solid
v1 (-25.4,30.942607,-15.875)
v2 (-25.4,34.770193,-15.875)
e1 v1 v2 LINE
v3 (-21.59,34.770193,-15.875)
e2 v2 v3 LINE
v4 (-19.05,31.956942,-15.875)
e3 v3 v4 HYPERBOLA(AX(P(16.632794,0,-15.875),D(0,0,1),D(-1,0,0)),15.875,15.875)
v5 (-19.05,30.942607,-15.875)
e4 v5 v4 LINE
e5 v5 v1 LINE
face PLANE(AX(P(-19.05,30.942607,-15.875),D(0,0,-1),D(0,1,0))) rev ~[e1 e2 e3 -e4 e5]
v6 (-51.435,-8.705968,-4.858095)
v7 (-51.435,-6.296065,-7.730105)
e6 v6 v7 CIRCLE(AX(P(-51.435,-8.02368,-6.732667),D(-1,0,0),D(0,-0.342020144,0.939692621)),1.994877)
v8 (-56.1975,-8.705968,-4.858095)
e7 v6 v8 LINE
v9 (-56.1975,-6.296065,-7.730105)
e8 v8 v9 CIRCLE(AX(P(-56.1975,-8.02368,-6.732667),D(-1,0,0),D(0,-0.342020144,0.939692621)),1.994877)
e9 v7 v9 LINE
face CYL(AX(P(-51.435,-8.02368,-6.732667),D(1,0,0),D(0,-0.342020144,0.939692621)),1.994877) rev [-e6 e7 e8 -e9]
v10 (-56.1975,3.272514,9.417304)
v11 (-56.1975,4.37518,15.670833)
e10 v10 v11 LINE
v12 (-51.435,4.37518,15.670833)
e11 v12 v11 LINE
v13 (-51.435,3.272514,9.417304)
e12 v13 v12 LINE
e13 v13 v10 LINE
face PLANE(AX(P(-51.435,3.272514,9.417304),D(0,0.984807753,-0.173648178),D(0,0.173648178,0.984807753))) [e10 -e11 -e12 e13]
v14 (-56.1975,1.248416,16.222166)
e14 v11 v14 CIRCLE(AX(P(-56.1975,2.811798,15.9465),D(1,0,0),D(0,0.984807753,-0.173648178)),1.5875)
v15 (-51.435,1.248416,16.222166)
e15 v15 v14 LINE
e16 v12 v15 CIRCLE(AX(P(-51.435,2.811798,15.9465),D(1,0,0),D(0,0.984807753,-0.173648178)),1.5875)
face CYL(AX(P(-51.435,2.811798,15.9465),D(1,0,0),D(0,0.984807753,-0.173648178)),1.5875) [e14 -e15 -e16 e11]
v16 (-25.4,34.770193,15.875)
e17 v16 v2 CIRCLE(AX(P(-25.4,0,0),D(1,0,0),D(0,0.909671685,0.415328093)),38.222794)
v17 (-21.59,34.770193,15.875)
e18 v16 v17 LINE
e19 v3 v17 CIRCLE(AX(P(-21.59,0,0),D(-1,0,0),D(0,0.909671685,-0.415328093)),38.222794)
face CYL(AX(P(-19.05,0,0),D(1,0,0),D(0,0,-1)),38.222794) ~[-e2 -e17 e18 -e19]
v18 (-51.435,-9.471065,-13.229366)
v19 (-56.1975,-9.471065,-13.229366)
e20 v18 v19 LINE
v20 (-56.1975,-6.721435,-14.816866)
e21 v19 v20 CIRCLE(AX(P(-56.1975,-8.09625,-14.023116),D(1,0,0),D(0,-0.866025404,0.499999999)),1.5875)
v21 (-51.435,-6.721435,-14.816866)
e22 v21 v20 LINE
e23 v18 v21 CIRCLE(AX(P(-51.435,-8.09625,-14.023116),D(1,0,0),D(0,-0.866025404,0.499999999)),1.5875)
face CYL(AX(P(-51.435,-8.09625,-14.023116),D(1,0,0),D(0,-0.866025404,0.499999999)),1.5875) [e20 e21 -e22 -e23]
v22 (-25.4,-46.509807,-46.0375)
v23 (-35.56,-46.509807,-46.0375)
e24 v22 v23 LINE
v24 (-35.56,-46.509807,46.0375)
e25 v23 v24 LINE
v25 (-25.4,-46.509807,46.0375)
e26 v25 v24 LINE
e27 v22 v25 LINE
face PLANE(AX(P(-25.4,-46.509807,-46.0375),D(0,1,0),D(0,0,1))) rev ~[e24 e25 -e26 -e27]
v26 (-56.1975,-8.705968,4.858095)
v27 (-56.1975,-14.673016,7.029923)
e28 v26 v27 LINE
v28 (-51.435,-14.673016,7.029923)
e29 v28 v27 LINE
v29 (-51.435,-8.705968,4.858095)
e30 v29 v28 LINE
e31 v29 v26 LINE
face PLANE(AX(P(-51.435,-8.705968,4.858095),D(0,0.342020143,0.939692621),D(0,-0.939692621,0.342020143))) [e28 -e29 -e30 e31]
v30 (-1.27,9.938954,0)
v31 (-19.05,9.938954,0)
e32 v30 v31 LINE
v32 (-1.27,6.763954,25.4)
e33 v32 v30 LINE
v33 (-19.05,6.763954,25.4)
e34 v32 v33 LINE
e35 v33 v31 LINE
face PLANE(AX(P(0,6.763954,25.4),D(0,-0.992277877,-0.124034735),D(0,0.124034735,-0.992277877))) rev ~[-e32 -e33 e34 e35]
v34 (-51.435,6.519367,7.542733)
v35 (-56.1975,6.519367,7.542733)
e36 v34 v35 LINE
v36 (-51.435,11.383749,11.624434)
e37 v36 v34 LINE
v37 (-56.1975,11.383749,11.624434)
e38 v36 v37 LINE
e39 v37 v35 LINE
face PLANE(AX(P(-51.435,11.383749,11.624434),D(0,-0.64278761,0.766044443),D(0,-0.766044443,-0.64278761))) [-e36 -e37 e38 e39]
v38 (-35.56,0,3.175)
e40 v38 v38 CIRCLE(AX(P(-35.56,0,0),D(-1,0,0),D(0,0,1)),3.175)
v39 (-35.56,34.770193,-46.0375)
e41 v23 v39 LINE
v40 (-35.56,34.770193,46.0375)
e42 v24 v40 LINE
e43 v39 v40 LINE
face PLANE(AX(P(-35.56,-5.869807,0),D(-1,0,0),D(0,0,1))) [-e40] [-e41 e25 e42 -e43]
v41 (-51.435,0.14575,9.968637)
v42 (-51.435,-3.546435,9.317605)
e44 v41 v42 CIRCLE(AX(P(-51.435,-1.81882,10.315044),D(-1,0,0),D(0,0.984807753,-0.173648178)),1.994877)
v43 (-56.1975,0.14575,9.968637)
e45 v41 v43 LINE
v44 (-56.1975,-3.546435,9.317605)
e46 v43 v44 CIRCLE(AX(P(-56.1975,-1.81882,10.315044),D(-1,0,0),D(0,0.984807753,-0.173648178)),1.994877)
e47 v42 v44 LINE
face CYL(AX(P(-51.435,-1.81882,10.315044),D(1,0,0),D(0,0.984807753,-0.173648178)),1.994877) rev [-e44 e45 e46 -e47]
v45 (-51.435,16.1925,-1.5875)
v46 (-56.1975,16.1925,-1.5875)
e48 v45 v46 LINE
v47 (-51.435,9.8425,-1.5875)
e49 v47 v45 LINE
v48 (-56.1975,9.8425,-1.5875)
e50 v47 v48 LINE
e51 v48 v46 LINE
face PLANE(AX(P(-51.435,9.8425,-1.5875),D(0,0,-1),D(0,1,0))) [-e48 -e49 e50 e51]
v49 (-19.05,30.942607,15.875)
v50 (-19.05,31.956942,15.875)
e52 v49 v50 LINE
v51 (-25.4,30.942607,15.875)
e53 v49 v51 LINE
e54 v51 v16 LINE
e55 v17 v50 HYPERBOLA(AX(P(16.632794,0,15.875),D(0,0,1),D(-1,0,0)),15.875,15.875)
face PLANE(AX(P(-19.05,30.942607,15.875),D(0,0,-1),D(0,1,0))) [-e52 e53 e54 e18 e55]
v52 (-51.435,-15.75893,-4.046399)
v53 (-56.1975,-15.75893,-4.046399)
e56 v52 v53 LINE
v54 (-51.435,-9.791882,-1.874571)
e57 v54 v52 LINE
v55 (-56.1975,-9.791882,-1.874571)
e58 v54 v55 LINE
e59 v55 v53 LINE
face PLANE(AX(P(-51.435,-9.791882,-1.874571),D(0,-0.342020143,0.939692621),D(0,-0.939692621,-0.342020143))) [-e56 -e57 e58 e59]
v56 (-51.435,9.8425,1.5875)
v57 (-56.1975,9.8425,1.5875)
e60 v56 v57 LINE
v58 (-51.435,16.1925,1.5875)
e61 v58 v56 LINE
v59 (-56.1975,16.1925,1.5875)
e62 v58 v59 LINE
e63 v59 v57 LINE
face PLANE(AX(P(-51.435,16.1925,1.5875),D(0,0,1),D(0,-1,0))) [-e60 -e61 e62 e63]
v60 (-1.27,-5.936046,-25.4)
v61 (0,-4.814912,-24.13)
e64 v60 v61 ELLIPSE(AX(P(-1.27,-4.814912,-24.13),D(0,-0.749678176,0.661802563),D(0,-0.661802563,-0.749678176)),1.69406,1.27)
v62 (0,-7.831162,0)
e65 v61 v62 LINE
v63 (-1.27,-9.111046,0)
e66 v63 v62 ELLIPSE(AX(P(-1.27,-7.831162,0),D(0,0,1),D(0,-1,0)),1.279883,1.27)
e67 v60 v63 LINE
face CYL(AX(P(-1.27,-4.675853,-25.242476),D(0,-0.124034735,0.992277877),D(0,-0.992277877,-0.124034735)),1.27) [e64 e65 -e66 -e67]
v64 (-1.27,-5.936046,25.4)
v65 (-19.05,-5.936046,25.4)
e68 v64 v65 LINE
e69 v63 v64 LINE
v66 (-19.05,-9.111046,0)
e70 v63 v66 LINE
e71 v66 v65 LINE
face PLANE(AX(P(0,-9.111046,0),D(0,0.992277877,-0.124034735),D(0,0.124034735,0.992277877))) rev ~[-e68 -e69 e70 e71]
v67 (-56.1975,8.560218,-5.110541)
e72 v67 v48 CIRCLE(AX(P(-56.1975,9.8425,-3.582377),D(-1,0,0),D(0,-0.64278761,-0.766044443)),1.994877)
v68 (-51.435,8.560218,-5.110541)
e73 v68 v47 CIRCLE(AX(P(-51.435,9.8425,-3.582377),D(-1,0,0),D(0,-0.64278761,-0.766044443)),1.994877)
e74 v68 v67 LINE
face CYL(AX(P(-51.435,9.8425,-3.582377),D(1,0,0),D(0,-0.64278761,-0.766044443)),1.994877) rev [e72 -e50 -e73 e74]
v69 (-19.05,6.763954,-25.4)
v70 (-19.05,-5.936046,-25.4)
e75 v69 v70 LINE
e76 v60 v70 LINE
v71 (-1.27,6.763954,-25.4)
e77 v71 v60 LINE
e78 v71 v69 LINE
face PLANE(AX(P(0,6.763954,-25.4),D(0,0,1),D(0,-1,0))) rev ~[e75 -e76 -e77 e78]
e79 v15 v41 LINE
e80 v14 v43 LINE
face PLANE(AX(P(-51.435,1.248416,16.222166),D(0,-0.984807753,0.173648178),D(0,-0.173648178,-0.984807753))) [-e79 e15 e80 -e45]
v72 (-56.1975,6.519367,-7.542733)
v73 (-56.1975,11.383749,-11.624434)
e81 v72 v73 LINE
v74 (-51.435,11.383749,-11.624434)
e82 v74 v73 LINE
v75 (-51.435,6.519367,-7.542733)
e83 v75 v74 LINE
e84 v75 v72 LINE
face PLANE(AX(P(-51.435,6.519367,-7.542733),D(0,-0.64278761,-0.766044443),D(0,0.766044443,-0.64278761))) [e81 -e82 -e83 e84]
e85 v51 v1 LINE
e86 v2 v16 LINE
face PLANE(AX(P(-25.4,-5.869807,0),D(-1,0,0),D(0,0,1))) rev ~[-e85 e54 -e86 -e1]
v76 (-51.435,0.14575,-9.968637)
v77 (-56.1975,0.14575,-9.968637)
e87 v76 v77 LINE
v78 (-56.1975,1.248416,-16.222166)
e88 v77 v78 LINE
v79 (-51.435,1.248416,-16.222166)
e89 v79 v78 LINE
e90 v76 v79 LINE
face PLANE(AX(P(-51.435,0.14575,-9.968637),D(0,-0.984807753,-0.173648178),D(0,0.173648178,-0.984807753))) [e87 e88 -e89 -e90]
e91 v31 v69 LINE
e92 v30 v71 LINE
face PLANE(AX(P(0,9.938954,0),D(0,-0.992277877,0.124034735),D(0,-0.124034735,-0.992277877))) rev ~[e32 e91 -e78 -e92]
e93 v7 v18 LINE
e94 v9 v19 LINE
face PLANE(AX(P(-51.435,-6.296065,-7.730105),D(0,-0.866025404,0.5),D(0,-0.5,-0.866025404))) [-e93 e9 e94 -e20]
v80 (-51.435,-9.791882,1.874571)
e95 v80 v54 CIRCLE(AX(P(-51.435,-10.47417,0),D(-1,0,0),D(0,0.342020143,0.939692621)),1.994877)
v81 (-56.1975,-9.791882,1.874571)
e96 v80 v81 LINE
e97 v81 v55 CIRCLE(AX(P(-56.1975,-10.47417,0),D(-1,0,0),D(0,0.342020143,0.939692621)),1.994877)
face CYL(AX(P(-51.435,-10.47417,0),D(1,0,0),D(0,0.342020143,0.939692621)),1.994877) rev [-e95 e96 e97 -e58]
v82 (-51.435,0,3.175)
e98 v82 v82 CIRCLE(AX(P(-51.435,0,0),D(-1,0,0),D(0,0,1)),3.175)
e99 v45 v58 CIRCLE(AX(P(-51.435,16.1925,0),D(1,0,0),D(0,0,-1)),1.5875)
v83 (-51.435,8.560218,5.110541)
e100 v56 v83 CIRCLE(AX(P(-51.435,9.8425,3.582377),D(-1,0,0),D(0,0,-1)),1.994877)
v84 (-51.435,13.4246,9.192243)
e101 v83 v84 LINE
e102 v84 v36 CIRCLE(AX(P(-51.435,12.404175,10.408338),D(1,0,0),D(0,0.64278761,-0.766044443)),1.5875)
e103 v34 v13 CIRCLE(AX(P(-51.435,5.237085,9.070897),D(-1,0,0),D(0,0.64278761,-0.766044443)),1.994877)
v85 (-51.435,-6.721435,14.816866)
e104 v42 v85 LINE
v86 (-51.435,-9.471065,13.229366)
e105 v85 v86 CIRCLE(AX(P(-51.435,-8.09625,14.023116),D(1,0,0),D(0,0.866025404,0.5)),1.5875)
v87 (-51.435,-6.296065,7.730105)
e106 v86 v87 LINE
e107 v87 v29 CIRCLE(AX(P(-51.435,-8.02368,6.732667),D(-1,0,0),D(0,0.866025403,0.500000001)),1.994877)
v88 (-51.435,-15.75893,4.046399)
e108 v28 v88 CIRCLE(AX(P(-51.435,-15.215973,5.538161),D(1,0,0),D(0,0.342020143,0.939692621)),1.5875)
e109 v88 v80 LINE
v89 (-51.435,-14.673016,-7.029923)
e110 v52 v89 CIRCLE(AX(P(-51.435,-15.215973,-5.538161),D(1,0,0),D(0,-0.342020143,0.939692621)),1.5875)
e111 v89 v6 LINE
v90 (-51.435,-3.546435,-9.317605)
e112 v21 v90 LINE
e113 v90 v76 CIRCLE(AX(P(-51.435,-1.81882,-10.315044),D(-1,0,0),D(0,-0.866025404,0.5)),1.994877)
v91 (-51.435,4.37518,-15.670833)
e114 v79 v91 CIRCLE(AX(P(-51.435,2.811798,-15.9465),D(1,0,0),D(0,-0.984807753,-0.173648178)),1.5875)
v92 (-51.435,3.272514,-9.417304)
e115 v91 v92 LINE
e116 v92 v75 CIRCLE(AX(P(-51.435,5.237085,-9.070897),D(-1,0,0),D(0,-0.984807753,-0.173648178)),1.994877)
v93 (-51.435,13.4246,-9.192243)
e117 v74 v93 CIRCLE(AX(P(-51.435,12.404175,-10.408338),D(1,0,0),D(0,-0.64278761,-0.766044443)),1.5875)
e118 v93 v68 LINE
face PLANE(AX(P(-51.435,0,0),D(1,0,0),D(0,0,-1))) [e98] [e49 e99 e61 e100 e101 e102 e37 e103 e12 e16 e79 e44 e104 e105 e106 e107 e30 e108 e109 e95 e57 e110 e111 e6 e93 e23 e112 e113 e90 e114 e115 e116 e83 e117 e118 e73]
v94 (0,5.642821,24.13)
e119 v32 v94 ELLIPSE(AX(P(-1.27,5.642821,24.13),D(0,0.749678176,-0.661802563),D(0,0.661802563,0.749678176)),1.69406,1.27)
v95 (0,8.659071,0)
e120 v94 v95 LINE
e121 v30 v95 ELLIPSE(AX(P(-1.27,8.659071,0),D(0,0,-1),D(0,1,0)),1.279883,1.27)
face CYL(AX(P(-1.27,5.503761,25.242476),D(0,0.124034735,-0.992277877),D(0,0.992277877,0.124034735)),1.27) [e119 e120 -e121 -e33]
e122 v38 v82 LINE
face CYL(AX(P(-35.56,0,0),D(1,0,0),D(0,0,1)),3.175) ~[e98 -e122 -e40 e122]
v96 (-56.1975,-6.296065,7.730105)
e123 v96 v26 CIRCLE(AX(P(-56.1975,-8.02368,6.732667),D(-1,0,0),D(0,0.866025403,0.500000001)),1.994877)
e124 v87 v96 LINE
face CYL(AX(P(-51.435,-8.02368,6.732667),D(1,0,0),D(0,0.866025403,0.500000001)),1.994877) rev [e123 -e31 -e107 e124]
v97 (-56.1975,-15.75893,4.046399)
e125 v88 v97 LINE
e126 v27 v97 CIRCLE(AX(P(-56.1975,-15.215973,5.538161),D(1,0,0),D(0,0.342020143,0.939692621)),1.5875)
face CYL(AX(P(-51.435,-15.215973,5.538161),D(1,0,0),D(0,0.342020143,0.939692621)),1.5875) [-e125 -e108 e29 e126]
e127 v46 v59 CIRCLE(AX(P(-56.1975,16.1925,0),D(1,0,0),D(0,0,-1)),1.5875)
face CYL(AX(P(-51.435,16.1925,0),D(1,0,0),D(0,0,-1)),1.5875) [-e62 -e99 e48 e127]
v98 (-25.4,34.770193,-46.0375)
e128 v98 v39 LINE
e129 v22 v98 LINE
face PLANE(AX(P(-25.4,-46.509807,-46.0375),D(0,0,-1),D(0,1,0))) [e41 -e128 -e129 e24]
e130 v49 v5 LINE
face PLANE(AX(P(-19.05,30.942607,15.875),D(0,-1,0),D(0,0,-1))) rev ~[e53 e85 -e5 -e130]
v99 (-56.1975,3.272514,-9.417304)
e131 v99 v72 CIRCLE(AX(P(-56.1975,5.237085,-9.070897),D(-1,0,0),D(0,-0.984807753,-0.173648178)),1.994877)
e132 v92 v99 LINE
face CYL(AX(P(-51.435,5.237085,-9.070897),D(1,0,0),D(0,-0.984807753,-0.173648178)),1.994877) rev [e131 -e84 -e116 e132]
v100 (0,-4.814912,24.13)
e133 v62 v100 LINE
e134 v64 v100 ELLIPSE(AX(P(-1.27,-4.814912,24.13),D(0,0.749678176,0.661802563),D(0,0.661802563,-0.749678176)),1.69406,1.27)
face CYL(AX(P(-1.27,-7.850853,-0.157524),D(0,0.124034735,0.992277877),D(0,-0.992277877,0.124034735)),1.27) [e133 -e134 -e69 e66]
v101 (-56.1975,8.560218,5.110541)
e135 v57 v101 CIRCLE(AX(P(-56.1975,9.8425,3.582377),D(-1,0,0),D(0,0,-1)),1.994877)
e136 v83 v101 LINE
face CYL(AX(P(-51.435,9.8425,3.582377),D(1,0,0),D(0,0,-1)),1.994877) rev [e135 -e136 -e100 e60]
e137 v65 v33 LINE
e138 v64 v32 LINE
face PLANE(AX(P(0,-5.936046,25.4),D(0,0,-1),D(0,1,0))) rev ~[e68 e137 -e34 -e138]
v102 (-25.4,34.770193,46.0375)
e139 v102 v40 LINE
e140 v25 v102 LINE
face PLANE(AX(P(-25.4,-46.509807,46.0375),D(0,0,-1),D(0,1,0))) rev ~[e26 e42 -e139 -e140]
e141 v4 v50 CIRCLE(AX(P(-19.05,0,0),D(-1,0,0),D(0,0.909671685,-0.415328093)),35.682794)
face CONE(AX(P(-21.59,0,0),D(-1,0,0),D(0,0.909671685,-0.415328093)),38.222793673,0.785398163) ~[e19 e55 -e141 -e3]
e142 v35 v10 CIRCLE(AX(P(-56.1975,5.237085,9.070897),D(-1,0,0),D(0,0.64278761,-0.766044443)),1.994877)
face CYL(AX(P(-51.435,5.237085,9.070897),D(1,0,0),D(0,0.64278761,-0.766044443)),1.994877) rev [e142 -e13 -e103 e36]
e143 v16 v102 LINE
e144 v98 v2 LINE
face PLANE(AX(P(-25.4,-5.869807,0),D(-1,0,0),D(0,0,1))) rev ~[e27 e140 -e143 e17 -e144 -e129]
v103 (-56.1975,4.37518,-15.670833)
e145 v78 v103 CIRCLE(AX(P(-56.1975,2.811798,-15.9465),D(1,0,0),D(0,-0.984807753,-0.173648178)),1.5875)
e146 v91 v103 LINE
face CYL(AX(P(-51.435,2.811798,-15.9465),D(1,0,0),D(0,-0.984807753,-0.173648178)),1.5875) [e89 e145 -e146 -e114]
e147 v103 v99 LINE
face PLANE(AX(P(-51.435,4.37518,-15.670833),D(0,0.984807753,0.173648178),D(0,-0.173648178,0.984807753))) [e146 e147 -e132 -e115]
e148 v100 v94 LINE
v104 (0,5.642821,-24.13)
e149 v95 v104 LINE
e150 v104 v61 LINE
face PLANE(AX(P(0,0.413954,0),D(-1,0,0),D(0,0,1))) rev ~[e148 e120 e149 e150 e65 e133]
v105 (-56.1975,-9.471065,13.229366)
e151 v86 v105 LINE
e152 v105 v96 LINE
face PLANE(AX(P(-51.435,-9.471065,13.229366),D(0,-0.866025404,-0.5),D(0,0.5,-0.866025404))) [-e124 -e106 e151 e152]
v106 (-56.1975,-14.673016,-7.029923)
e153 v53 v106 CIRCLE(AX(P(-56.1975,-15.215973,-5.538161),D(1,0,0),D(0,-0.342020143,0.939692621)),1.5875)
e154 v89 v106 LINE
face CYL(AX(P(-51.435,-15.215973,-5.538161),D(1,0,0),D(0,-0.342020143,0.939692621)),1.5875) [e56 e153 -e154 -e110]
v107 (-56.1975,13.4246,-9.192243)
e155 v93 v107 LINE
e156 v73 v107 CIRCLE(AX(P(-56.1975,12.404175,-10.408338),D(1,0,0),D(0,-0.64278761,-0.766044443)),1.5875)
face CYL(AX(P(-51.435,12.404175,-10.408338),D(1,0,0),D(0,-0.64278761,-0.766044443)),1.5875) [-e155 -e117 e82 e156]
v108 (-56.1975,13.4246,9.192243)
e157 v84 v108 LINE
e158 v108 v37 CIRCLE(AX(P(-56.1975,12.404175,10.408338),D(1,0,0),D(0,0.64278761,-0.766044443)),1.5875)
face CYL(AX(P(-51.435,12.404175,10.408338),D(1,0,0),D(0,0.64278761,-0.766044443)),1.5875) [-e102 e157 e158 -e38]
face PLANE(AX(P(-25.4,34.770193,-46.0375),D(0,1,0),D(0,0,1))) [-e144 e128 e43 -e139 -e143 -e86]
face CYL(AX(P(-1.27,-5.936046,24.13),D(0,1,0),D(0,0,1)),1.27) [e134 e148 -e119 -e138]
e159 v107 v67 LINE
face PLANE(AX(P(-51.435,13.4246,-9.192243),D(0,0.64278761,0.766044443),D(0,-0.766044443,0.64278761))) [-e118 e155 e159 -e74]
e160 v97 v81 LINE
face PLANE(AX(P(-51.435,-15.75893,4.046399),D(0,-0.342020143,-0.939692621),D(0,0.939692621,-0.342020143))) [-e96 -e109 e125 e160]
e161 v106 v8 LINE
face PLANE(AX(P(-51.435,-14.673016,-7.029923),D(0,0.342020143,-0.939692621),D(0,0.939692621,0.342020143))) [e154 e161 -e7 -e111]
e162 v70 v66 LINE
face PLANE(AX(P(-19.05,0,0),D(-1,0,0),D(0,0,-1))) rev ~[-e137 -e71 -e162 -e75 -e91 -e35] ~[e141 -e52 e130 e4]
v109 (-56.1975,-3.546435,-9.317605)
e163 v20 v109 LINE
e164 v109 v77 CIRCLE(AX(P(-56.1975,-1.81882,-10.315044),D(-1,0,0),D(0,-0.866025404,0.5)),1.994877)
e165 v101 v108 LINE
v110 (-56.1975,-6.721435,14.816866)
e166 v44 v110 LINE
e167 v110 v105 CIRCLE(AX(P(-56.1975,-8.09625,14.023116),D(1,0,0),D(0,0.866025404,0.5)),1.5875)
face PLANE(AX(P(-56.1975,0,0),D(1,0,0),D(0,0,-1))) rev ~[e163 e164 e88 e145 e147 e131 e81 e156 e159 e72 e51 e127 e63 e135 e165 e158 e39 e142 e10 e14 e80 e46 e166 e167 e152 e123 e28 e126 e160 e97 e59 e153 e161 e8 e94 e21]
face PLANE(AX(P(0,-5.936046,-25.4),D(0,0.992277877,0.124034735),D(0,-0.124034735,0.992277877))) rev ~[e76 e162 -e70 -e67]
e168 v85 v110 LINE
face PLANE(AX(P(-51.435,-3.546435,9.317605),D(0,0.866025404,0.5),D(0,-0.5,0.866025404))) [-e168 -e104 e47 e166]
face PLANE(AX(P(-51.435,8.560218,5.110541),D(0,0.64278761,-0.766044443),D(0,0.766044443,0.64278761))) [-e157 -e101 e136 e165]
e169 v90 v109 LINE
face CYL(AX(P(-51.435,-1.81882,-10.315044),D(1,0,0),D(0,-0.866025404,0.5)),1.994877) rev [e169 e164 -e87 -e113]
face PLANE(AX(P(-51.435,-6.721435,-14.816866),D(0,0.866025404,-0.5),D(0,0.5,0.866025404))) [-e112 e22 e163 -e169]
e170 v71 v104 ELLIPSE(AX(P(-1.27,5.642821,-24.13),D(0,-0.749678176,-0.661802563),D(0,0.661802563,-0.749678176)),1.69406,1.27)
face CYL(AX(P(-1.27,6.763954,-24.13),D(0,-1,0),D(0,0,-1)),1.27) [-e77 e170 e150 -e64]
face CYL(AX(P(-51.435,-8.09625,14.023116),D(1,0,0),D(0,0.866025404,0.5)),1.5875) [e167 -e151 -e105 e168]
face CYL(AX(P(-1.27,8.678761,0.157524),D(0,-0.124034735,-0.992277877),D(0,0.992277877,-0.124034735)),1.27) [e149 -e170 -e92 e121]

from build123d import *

# Parameters (mm, degrees)
BOSS_EXTRUDE1_DEPTH = 19.05
SKETCH2_R           = 38.222793673
BOSS_EXTRUDE2_DEPTH = 6.35
SKETCH3_W           = 31.75
SKETCH3_H           = 13.333086578
CUT_EXTRUDE1_DEPTH  = 6.35
SKETCH4_W           = 92.075
SKETCH4_H           = 81.28
BOSS_EXTRUDE3_DEPTH = 10.16
CHAMFER1_SIZE       = 2.54
FILLET1_R           = 1.27
SKETCH5_R           = 3.175
BOSS_EXTRUDE4_DEPTH = 15.875
BOSS_EXTRUDE5_DEPTH = 4.7625


with BuildPart() as part:
    # Sketch1 → Boss-Extrude1 (new body)
    with BuildSketch(Plane(origin=(0, 0, 0), x_dir=(0, 0, -1), z_dir=(1, 0, 0))):
        Polygon((-25.4, -5.93604562), (-25.4, 6.76395438), (0, 9.93895438), (25.4, 6.76395438), (25.4, -5.93604562), (0, -9.11104562), align=None)
    extrude(amount=-BOSS_EXTRUDE1_DEPTH)

    # Sketch2 → Boss-Extrude2 (add)
    with BuildSketch(Plane.ZY.offset(19.05)):
        with Locations(Location((0, 0, 0), (0, 0, 180))):
            Circle(SKETCH2_R)
    extrude(amount=BOSS_EXTRUDE2_DEPTH)

    # Sketch3 → Cut-Extrude1 (cut)
    with BuildSketch(Plane(origin=(-19.05, 0, 0), x_dir=(0, 0, -1), z_dir=(1, 0, 0))):
        with Locations((0, 37.6091503)):
            Rectangle(SKETCH3_W, SKETCH3_H)
    extrude(amount=-CUT_EXTRUDE1_DEPTH, mode=Mode.SUBTRACT)

    # Sketch4 → Boss-Extrude3 (add)
    with BuildSketch(Plane.ZY.offset(25.4)):
        with Locations((0, -5.869806857)):
            Rectangle(SKETCH4_W, SKETCH4_H)
    extrude(amount=BOSS_EXTRUDE3_DEPTH)

    # Chamfer1
    chamfer1_edges = [part.edges().sort_by_distance(p)[0] for p in [
        (-19.05, -38.222793673, 0),
    ]]
    chamfer(chamfer1_edges, length=CHAMFER1_SIZE)

    # Fillet1
    fillet1_edges = [part.edges().sort_by_distance(p)[0] for p in [
        (0, 0.41395438, 25.4),
        (0, 8.35145438, 12.7),
        (0, 8.35145438, -12.7),
        (0, 0.41395438, -25.4),
        (0, -7.52354562, -12.7),
        (0, -7.52354562, 12.7),
    ]]
    fillet(fillet1_edges, radius=FILLET1_R)

    # Sketch5 → Boss-Extrude4 (add)
    with BuildSketch(Plane.ZY.offset(35.56)):
        Circle(SKETCH5_R)
    extrude(amount=BOSS_EXTRUDE4_DEPTH)

    # Sketch6 → Boss-Extrude5 (add)
    with BuildSketch(Plane.ZY.offset(51.435)):
        with BuildLine():
            Line((11.624433923, 11.383749315), (7.542732602, 6.519367101))
            ThreePointArc((7.542732602, 6.519367101), (7.34328288, 4.239646347), (9.417303827, 3.272514497))
            Line((9.417303827, 3.272514497), (15.670833059, 4.375180425))
            ThreePointArc((15.670833059, 4.375180425), (17.509881849, 3.087464599), (16.222166023, 1.248415809))
            Line((16.222166023, 1.248415809), (9.968636791, 0.145749881))
            ThreePointArc((9.968636791, 0.145749881), (8.350473186, -1.472413724), (9.317605037, -3.546434671))
            Line((9.317605037, -3.546434671), (14.816866351, -6.721434671))
            ThreePointArc((14.816866351, -6.721434671), (15.397931679, -8.89), (13.229366351, -9.471065329))
            Line((13.229366351, -9.471065329), (7.730105037, -6.296065329))
            ThreePointArc((7.730105037, -6.296065329), (5.450384283, -6.49551505), (4.858095296, -8.705967643))
            Line((4.858095296, -8.705967643), (7.029923206, -14.673015785))
            ThreePointArc((7.029923206, -14.673015785), (6.081118148, -16.707734798), (4.046399135, -15.75892974))
            Line((4.046399135, -15.75892974), (1.874571225, -9.791881598))
            ThreePointArc((1.874571225, -9.791881598), (0, -8.479292695), (-1.874571225, -9.791881598))
            Line((-1.874571225, -9.791881598), (-4.046399135, -15.75892974))
            ThreePointArc((-4.046399135, -15.75892974), (-6.081118148, -16.707734798), (-7.029923206, -14.673015785))
            Line((-7.029923206, -14.673015785), (-4.858095296, -8.705967643))
            ThreePointArc((-4.858095296, -8.705967643), (-5.450384283, -6.49551505), (-7.730105037, -6.296065329))
            Line((-7.730105037, -6.296065329), (-13.229366351, -9.471065329))
            ThreePointArc((-13.229366351, -9.471065329), (-15.397931679, -8.89), (-14.816866351, -6.721434671))
            Line((-14.816866351, -6.721434671), (-9.317605037, -3.546434671))
            ThreePointArc((-9.317605037, -3.546434671), (-8.350473186, -1.472413724), (-9.968636791, 0.145749881))
            Line((-9.968636791, 0.145749881), (-16.222166023, 1.248415809))
            ThreePointArc((-16.222166023, 1.248415809), (-17.509881849, 3.087464599), (-15.670833059, 4.375180425))
            Line((-15.670833059, 4.375180425), (-9.417303827, 3.272514497))
            ThreePointArc((-9.417303827, 3.272514497), (-7.34328288, 4.239646347), (-7.542732602, 6.519367101))
            Line((-7.542732602, 6.519367101), (-11.624433923, 11.383749315))
            ThreePointArc((-11.624433923, 11.383749315), (-11.4287637, 13.620270199), (-9.192242816, 13.424599976))
            Line((-9.192242816, 13.424599976), (-5.110541495, 8.560217762))
            ThreePointArc((-5.110541495, 8.560217762), (-2.900088903, 7.967928775), (-1.5875, 9.8425))
            Line((-1.5875, 9.8425), (-1.5875, 16.1925))
            ThreePointArc((-1.5875, 16.1925), (0, 17.78), (1.5875, 16.1925))
            Line((1.5875, 16.1925), (1.5875, 9.8425))
            ThreePointArc((1.5875, 9.8425), (2.900088903, 7.967928775), (5.110541495, 8.560217762))
            Line((5.110541495, 8.560217762), (9.192242816, 13.424599976))
            ThreePointArc((9.192242816, 13.424599976), (11.4287637, 13.620270199), (11.624433923, 11.383749315))
        make_face()
    extrude(amount=BOSS_EXTRUDE5_DEPTH)


solid = part.part
